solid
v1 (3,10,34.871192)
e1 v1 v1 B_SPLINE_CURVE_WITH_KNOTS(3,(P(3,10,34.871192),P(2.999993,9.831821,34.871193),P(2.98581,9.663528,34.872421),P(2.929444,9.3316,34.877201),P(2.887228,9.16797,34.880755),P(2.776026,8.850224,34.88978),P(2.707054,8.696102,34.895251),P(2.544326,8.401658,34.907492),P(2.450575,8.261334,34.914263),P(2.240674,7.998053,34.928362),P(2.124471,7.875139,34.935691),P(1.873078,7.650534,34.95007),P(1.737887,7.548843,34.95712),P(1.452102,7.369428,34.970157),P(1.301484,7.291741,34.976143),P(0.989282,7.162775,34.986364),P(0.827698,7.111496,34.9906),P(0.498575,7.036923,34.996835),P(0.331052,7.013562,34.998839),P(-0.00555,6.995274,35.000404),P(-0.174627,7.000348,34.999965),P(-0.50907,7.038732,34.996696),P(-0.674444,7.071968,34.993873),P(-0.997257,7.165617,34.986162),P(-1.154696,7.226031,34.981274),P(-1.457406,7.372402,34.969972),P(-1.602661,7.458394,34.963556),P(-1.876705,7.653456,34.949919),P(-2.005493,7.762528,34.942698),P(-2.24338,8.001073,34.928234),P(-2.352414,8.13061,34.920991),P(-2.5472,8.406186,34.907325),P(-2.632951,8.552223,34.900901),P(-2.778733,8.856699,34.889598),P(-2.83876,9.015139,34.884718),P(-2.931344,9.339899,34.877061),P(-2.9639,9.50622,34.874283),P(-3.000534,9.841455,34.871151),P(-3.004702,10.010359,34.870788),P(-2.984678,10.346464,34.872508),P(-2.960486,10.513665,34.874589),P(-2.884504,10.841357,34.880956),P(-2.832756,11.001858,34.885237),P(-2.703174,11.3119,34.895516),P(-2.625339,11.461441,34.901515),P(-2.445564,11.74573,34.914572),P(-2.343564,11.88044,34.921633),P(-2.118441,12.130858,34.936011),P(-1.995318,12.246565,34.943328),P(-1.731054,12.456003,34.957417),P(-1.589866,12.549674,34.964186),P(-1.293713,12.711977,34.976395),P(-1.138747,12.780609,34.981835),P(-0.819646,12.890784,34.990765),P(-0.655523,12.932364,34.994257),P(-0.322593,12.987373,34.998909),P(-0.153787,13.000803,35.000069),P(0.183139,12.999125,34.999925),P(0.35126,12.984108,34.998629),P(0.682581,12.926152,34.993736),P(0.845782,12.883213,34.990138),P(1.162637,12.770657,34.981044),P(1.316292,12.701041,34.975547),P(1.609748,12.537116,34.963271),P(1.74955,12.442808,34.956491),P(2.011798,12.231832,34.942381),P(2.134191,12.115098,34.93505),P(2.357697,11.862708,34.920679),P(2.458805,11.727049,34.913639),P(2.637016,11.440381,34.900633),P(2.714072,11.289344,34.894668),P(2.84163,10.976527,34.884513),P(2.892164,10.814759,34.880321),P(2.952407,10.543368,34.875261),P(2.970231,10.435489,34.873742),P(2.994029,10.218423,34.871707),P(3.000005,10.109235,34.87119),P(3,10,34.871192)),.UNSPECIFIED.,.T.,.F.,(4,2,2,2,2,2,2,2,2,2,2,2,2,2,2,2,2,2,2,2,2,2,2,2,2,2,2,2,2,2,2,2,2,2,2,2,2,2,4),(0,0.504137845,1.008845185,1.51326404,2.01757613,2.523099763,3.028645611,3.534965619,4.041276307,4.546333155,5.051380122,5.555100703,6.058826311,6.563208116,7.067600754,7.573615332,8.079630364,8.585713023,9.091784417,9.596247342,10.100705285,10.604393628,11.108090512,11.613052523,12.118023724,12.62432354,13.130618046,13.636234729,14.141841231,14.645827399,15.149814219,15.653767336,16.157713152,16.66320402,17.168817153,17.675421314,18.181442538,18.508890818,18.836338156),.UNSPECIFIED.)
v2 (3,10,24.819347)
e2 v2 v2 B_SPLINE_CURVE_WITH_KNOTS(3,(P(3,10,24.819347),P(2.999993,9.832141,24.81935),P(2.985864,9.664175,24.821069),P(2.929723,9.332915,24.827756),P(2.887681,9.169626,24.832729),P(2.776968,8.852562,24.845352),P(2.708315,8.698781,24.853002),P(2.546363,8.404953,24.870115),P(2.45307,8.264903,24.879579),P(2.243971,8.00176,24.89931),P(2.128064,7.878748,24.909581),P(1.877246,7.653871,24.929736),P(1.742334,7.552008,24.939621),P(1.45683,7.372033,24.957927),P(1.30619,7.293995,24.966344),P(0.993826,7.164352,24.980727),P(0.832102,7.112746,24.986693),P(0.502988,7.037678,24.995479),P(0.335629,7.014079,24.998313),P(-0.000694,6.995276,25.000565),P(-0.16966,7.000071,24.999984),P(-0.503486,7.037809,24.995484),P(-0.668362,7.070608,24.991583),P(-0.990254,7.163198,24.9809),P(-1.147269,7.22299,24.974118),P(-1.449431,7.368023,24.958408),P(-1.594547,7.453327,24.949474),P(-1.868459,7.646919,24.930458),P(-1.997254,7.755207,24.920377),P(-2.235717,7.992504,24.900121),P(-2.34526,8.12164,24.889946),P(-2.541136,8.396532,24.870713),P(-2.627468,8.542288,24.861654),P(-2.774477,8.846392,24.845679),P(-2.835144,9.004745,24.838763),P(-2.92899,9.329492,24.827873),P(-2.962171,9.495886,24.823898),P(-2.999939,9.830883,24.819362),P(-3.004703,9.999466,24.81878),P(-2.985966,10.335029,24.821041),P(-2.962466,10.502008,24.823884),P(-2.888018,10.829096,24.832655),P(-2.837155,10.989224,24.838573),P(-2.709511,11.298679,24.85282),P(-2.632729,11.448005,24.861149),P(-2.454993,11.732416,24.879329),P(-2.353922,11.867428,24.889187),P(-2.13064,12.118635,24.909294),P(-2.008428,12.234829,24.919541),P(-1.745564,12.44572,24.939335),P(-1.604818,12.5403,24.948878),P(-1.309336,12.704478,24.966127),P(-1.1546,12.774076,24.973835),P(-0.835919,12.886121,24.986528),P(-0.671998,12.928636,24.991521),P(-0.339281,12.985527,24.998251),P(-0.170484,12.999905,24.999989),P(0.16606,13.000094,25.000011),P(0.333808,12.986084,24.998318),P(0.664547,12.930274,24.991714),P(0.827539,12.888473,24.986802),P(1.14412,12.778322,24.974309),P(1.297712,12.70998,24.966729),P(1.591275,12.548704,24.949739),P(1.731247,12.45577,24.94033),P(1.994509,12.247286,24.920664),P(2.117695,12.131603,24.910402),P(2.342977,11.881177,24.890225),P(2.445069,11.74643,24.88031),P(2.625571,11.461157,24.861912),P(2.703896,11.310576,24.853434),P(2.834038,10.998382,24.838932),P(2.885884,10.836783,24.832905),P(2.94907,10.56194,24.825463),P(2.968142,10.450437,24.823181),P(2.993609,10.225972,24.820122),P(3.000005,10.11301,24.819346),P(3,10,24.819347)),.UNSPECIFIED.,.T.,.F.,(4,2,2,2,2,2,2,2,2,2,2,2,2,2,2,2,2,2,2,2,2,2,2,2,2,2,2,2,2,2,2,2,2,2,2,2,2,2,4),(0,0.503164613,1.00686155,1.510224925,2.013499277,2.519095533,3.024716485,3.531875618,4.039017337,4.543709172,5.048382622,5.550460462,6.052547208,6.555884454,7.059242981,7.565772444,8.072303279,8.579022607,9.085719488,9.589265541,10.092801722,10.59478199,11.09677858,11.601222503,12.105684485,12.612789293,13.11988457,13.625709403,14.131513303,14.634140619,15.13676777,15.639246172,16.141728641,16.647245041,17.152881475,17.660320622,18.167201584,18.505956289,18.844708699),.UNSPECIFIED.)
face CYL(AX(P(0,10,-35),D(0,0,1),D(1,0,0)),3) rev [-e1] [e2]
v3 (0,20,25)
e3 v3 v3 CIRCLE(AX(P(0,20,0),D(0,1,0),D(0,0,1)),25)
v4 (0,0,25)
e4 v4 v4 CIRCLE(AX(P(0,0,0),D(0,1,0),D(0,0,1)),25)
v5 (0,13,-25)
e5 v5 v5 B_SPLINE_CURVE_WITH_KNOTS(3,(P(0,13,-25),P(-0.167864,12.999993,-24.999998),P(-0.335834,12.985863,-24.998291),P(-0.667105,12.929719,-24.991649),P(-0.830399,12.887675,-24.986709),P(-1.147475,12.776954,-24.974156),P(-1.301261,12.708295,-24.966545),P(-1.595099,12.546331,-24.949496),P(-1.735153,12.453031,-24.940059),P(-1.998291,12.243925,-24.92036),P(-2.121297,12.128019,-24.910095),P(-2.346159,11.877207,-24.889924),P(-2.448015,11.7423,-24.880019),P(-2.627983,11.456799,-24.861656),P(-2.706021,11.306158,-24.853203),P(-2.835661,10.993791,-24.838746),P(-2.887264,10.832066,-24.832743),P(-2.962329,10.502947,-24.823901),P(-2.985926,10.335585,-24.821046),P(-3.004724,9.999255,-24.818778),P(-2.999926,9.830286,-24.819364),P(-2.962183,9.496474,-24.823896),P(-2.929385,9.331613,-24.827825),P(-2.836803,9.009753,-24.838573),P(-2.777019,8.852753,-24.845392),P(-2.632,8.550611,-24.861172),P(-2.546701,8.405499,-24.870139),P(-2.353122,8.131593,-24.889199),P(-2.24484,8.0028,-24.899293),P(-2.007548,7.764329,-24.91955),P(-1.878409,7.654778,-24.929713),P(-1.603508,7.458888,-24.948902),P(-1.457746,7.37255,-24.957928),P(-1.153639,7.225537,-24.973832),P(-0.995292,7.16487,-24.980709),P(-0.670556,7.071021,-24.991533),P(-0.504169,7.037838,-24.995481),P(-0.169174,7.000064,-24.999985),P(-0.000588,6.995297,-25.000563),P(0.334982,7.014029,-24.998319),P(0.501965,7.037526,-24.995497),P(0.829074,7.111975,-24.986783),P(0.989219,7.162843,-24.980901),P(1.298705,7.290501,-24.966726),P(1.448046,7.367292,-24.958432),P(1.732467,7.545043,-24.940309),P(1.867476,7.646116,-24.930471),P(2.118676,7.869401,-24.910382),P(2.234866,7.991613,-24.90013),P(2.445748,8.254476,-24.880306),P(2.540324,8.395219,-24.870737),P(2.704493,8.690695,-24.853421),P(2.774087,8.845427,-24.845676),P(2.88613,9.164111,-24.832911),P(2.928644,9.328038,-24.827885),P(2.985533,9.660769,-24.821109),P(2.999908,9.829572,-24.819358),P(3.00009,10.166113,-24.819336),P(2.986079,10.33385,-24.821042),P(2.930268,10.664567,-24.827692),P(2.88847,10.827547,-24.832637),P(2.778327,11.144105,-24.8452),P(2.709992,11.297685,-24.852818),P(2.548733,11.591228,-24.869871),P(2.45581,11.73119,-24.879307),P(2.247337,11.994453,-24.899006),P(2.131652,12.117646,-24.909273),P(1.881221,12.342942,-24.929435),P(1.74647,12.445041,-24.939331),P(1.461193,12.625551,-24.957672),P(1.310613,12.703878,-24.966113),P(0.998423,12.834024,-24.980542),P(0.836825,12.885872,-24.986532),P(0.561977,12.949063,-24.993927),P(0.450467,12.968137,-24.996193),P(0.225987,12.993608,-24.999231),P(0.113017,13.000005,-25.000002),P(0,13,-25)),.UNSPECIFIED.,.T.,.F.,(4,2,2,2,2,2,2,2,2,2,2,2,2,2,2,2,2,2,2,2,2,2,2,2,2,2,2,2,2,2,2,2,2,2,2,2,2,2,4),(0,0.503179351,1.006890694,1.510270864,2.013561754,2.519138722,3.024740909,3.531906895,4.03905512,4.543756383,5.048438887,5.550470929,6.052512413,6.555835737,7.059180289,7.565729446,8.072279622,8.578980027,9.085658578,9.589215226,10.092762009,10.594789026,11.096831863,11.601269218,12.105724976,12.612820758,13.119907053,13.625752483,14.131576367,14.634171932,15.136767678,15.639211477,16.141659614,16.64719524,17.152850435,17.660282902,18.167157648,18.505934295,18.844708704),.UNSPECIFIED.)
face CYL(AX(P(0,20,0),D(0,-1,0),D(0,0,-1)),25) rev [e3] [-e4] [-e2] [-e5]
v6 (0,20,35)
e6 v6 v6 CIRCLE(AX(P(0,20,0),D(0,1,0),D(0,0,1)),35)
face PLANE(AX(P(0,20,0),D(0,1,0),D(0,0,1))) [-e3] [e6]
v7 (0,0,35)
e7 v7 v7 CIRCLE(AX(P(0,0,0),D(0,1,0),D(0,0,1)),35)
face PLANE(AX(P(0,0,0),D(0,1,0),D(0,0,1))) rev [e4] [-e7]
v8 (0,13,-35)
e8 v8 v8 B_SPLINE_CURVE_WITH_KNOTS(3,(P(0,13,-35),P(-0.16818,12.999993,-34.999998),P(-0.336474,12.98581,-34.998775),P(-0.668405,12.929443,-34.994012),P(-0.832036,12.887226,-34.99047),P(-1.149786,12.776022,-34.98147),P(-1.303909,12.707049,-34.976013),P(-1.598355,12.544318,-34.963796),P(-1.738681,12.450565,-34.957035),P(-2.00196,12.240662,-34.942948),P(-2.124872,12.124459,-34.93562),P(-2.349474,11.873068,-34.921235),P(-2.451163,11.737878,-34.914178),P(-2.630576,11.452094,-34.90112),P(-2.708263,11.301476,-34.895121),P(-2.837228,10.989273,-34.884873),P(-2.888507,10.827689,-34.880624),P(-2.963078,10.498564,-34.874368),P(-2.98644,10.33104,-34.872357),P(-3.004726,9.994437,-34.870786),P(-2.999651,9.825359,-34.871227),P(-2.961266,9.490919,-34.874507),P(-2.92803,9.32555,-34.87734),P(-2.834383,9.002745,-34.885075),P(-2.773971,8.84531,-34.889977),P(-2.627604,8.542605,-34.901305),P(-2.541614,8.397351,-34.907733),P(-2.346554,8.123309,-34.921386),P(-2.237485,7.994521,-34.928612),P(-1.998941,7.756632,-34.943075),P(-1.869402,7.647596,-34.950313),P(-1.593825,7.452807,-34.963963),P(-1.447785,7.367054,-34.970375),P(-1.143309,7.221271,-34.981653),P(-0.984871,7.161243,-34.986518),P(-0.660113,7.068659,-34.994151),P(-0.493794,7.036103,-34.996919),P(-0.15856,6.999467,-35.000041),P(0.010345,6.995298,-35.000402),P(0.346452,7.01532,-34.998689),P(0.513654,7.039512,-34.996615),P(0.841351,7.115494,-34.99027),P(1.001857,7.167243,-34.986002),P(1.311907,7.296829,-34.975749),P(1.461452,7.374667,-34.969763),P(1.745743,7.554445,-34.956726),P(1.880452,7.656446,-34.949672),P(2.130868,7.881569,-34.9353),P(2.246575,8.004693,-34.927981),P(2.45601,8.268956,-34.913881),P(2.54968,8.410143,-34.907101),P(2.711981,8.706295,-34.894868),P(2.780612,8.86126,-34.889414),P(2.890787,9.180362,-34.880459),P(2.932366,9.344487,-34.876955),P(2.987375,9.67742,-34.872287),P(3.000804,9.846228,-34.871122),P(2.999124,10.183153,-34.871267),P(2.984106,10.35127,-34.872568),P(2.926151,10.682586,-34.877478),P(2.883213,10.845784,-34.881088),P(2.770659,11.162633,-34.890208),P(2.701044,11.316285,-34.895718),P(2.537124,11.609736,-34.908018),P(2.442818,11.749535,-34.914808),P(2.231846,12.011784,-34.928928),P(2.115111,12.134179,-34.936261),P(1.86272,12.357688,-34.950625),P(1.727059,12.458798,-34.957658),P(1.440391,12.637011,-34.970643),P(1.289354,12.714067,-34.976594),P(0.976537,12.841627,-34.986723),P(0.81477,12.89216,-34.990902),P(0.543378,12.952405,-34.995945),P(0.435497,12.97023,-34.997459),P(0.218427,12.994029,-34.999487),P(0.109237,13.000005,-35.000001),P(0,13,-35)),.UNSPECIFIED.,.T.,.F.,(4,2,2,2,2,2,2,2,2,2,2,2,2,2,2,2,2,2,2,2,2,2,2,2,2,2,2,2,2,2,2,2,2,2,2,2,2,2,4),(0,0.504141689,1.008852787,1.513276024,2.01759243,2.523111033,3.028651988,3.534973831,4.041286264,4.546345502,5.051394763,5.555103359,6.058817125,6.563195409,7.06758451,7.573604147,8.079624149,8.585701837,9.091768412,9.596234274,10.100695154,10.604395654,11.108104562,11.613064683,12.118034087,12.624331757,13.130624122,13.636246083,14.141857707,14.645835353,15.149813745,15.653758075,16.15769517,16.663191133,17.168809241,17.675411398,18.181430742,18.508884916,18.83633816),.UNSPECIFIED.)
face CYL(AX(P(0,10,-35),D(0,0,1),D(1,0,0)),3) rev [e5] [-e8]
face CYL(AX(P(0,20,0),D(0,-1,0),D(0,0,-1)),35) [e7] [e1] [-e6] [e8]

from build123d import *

# Parameters (mm, degrees)
SKETCH1_R               = 35
SKETCH1_R_2             = 25
BOSS_EXTRUDE1_DEPTH     = 20
CUT_EXTRUDE3_DEPTH      = 54.38539126
CUT_EXTRUDE3_DEPTH_BACK = 54.38539126
SKETCH2_R               = 3


with BuildPart() as part:
    # Sketch1 → Boss-Extrude1 (new body)
    with BuildSketch(Plane(origin=(0, 0, 0), x_dir=(1, 0, 0), z_dir=(0, 1, 0))):
        with Locations(Location((0, 0, 0), (0, 0, 270))):
            Circle(SKETCH1_R)
        with Locations(Location((0, 0, 0), (0, 0, 270))):
            Circle(SKETCH1_R_2, mode=Mode.SUBTRACT)
    extrude(amount=BOSS_EXTRUDE1_DEPTH)

    # Sketch2 → Cut-Extrude3 (cut, two sides: drawn at the far end of the back side and taken through both)
    with BuildSketch(Plane.XY.offset(-CUT_EXTRUDE3_DEPTH_BACK)):
        with Locations((0, 10)):
            Circle(SKETCH2_R)
    extrude(amount=CUT_EXTRUDE3_DEPTH + CUT_EXTRUDE3_DEPTH_BACK, mode=Mode.SUBTRACT)


solid = part.part
